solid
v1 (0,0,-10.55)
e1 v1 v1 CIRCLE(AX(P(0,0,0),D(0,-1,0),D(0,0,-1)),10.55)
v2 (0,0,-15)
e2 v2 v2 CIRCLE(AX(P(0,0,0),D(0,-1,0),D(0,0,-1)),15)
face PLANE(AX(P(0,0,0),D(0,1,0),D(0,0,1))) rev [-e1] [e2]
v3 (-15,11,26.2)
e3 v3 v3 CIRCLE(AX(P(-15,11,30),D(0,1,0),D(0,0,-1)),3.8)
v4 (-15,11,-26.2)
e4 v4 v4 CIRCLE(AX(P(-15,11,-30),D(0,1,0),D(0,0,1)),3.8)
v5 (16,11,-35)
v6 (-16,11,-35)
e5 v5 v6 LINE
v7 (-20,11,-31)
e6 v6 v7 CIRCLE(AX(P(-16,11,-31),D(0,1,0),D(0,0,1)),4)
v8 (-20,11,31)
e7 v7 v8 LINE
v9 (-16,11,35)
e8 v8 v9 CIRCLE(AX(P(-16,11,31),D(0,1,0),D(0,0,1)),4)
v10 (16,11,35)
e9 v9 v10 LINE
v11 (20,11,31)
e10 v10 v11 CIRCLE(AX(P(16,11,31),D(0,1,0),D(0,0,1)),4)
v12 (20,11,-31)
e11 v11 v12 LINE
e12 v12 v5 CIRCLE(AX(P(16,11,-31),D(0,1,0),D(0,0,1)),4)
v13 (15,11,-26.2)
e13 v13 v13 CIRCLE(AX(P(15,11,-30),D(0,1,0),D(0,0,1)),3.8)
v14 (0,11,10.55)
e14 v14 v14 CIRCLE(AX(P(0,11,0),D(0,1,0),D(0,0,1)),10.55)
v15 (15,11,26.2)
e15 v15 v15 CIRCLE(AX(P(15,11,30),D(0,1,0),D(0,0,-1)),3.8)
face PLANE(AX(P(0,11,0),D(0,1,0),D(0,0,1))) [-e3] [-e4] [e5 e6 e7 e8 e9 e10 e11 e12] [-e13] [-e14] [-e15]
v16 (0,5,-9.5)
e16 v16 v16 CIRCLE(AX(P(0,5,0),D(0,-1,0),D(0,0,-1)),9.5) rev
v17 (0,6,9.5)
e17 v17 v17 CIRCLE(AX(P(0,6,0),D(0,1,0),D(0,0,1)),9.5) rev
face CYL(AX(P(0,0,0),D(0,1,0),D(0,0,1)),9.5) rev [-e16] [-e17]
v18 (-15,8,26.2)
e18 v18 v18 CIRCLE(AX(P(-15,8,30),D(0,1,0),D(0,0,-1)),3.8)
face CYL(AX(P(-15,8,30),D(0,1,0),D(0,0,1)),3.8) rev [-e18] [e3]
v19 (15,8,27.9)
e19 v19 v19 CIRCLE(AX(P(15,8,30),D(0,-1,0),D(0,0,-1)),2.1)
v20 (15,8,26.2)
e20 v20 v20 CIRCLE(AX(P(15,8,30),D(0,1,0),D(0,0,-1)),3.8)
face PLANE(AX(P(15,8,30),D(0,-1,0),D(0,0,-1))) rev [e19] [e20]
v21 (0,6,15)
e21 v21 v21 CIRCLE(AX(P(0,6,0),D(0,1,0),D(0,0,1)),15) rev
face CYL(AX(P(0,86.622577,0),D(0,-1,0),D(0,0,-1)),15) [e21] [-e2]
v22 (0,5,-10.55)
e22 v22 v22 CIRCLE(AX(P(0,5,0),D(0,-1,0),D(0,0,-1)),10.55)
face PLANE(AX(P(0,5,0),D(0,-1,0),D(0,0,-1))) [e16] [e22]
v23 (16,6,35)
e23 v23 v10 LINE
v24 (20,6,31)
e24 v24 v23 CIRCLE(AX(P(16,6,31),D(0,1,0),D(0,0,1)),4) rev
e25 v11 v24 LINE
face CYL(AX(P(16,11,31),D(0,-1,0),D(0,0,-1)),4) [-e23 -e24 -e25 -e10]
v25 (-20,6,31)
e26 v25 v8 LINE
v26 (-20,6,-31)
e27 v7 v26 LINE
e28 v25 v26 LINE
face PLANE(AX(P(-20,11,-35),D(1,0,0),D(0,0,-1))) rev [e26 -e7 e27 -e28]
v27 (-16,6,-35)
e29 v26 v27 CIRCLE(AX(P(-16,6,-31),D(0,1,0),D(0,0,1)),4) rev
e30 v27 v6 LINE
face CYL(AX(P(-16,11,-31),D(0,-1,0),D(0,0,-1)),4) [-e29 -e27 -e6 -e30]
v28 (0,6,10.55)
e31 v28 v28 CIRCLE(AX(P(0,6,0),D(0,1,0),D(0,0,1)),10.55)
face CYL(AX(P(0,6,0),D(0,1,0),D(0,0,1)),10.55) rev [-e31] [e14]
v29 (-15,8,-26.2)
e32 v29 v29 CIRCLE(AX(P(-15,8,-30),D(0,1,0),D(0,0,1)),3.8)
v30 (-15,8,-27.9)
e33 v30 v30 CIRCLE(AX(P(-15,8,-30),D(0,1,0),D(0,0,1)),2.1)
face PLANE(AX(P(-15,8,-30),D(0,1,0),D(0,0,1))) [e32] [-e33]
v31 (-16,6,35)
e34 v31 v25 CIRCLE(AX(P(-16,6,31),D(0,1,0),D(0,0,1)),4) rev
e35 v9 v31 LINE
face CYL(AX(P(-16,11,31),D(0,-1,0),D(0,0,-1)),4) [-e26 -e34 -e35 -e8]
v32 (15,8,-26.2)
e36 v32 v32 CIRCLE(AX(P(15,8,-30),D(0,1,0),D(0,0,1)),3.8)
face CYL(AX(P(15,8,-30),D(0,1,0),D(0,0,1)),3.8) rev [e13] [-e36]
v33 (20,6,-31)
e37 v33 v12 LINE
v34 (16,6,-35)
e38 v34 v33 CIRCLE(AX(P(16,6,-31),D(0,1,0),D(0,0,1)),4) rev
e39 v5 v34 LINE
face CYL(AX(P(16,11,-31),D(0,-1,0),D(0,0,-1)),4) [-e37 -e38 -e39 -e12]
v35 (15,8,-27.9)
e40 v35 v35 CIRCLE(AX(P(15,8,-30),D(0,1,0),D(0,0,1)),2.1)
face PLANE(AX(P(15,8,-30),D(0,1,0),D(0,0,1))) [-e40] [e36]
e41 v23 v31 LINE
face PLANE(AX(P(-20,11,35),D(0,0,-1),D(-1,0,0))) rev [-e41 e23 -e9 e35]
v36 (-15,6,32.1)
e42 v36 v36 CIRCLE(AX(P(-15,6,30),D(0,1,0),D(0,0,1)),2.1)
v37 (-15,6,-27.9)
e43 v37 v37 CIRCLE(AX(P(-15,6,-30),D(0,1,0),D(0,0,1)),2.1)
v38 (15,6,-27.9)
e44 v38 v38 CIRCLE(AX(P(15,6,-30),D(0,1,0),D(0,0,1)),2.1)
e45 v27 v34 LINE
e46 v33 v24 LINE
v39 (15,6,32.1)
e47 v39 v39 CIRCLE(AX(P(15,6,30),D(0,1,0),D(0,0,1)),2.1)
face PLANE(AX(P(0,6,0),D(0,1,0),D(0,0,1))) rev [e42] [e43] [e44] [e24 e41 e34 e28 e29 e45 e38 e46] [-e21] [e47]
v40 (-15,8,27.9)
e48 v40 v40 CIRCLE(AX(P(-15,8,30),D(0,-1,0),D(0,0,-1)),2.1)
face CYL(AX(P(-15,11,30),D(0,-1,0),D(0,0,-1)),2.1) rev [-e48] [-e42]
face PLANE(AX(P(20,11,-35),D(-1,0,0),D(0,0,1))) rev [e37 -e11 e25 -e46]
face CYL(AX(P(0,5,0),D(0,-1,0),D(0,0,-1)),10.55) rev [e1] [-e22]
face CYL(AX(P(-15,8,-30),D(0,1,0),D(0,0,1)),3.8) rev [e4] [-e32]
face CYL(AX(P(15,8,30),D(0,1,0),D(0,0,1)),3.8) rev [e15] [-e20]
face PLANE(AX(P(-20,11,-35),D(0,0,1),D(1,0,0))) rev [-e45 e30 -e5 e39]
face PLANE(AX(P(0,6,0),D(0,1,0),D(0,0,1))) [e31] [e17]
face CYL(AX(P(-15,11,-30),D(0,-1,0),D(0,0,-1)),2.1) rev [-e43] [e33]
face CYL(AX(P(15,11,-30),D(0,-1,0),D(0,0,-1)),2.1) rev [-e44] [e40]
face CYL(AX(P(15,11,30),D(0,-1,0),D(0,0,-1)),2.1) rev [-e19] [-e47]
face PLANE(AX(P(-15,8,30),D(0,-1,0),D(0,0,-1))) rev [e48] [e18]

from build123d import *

# Parameters (mm, degrees)
SKETCH_1_W          = 40
SKETCH_1_H          = 70
SKETCH_1_R          = 2.1
EXTRUDE_1_DEPTH     = 11
SKETCH_2_R          = 9.5
CUT_EXTRUDE_1_DEPTH = 11
SKETCH_3_R          = 10.55
CUT_EXTRUDE_2_DEPTH = 5
CUT_EXTRUDE_START   = -5
SKETCH_4_R          = 10.55
CUT_EXTRUDE_3_DEPTH = 5
SKETCH_5_W          = 40
SKETCH_5_H          = 70
SKETCH_5_R          = 15
CUT_EXTRUDE_4_DEPTH = 6
SKETCH_6_R          = 3.8
CUT_EXTRUDE_5_DEPTH = 3
FILLET_1_R          = 4


with BuildPart() as part:
    # 草图1 → 凸台-拉伸1 (new body)
    with BuildSketch(Plane(origin=(0, 0, 0), x_dir=(1, 0, 0), z_dir=(0, 1, 0))):
        Rectangle(SKETCH_1_W, SKETCH_1_H)
        with Locations(Location((-15, -30, 0), (0, 0, 270))):
            Circle(SKETCH_1_R, mode=Mode.SUBTRACT)
        with Locations(Location((15, -30, 0), (0, 0, 90))):
            Circle(SKETCH_1_R, mode=Mode.SUBTRACT)
        with Locations(Location((15, 30, 0), (0, 0, 270))):
            Circle(SKETCH_1_R, mode=Mode.SUBTRACT)
        with Locations(Location((-15, 30, 0), (0, 0, 90))):
            Circle(SKETCH_1_R, mode=Mode.SUBTRACT)
    extrude(amount=EXTRUDE_1_DEPTH)

    # 草图2 → 切除-拉伸1 (cut)
    with BuildSketch(Plane(origin=(0, 11, 0), x_dir=(1, 0, 0), z_dir=(0, 1, 0))):
        with Locations(Location((0, 0, 0), (0, 0, 270))):
            Circle(SKETCH_2_R)
    extrude(amount=-CUT_EXTRUDE_1_DEPTH, mode=Mode.SUBTRACT)

    # 草图3 → 切除-拉伸2 (cut)
    with BuildSketch(Plane(origin=(0, 11, 0), x_dir=(1, 0, 0), z_dir=(0, 1, 0))):
        with Locations(Location((0, 0, 0), (0, 0, 270))):
            Circle(SKETCH_3_R)
    extrude(amount=-CUT_EXTRUDE_2_DEPTH, mode=Mode.SUBTRACT)

    # 草图4 → 切除-拉伸3 (cut)
    with BuildSketch(Plane.XZ.offset(CUT_EXTRUDE_START)):
        with Locations(Location((0, 0, 0), (0, 0, 90))):
            Circle(SKETCH_4_R)
    extrude(amount=CUT_EXTRUDE_3_DEPTH, mode=Mode.SUBTRACT)

    # 草图5 → 切除-拉伸4 (cut)
    with BuildSketch(Plane.XZ):
        Rectangle(SKETCH_5_W, SKETCH_5_H)
        with Locations(Location((0, 0, 0), (0, 0, 270))):
            Circle(SKETCH_5_R, mode=Mode.SUBTRACT)
    extrude(amount=-CUT_EXTRUDE_4_DEPTH, mode=Mode.SUBTRACT)

    # 草图6 → 切除-拉伸5 (cut)
    with BuildSketch(Plane(origin=(0, 11, 0), x_dir=(1, 0, 0), z_dir=(0, 1, 0))):
        with Locations(Location((-15, 30, 0), (0, 0, 270))):
            Circle(SKETCH_6_R)
        with Locations(Location((15, 30, 0), (0, 0, 270))):
            Circle(SKETCH_6_R)
        with Locations(Location((15, -30, 0), (0, 0, 90))):
            Circle(SKETCH_6_R)
        with Locations(Location((-15, -30, 0), (0, 0, 90))):
            Circle(SKETCH_6_R)
    extrude(amount=-CUT_EXTRUDE_5_DEPTH, mode=Mode.SUBTRACT)

    # 圆角1
    fillet_1_edges = [part.edges().sort_by_distance(p)[0] for p in [
        (20, 8.5, 35),
        (-20, 8.5, 35),
        (-20, 8.5, -35),
        (20, 8.5, -35),
    ]]
    fillet(fillet_1_edges, radius=FILLET_1_R)


solid = part.part
